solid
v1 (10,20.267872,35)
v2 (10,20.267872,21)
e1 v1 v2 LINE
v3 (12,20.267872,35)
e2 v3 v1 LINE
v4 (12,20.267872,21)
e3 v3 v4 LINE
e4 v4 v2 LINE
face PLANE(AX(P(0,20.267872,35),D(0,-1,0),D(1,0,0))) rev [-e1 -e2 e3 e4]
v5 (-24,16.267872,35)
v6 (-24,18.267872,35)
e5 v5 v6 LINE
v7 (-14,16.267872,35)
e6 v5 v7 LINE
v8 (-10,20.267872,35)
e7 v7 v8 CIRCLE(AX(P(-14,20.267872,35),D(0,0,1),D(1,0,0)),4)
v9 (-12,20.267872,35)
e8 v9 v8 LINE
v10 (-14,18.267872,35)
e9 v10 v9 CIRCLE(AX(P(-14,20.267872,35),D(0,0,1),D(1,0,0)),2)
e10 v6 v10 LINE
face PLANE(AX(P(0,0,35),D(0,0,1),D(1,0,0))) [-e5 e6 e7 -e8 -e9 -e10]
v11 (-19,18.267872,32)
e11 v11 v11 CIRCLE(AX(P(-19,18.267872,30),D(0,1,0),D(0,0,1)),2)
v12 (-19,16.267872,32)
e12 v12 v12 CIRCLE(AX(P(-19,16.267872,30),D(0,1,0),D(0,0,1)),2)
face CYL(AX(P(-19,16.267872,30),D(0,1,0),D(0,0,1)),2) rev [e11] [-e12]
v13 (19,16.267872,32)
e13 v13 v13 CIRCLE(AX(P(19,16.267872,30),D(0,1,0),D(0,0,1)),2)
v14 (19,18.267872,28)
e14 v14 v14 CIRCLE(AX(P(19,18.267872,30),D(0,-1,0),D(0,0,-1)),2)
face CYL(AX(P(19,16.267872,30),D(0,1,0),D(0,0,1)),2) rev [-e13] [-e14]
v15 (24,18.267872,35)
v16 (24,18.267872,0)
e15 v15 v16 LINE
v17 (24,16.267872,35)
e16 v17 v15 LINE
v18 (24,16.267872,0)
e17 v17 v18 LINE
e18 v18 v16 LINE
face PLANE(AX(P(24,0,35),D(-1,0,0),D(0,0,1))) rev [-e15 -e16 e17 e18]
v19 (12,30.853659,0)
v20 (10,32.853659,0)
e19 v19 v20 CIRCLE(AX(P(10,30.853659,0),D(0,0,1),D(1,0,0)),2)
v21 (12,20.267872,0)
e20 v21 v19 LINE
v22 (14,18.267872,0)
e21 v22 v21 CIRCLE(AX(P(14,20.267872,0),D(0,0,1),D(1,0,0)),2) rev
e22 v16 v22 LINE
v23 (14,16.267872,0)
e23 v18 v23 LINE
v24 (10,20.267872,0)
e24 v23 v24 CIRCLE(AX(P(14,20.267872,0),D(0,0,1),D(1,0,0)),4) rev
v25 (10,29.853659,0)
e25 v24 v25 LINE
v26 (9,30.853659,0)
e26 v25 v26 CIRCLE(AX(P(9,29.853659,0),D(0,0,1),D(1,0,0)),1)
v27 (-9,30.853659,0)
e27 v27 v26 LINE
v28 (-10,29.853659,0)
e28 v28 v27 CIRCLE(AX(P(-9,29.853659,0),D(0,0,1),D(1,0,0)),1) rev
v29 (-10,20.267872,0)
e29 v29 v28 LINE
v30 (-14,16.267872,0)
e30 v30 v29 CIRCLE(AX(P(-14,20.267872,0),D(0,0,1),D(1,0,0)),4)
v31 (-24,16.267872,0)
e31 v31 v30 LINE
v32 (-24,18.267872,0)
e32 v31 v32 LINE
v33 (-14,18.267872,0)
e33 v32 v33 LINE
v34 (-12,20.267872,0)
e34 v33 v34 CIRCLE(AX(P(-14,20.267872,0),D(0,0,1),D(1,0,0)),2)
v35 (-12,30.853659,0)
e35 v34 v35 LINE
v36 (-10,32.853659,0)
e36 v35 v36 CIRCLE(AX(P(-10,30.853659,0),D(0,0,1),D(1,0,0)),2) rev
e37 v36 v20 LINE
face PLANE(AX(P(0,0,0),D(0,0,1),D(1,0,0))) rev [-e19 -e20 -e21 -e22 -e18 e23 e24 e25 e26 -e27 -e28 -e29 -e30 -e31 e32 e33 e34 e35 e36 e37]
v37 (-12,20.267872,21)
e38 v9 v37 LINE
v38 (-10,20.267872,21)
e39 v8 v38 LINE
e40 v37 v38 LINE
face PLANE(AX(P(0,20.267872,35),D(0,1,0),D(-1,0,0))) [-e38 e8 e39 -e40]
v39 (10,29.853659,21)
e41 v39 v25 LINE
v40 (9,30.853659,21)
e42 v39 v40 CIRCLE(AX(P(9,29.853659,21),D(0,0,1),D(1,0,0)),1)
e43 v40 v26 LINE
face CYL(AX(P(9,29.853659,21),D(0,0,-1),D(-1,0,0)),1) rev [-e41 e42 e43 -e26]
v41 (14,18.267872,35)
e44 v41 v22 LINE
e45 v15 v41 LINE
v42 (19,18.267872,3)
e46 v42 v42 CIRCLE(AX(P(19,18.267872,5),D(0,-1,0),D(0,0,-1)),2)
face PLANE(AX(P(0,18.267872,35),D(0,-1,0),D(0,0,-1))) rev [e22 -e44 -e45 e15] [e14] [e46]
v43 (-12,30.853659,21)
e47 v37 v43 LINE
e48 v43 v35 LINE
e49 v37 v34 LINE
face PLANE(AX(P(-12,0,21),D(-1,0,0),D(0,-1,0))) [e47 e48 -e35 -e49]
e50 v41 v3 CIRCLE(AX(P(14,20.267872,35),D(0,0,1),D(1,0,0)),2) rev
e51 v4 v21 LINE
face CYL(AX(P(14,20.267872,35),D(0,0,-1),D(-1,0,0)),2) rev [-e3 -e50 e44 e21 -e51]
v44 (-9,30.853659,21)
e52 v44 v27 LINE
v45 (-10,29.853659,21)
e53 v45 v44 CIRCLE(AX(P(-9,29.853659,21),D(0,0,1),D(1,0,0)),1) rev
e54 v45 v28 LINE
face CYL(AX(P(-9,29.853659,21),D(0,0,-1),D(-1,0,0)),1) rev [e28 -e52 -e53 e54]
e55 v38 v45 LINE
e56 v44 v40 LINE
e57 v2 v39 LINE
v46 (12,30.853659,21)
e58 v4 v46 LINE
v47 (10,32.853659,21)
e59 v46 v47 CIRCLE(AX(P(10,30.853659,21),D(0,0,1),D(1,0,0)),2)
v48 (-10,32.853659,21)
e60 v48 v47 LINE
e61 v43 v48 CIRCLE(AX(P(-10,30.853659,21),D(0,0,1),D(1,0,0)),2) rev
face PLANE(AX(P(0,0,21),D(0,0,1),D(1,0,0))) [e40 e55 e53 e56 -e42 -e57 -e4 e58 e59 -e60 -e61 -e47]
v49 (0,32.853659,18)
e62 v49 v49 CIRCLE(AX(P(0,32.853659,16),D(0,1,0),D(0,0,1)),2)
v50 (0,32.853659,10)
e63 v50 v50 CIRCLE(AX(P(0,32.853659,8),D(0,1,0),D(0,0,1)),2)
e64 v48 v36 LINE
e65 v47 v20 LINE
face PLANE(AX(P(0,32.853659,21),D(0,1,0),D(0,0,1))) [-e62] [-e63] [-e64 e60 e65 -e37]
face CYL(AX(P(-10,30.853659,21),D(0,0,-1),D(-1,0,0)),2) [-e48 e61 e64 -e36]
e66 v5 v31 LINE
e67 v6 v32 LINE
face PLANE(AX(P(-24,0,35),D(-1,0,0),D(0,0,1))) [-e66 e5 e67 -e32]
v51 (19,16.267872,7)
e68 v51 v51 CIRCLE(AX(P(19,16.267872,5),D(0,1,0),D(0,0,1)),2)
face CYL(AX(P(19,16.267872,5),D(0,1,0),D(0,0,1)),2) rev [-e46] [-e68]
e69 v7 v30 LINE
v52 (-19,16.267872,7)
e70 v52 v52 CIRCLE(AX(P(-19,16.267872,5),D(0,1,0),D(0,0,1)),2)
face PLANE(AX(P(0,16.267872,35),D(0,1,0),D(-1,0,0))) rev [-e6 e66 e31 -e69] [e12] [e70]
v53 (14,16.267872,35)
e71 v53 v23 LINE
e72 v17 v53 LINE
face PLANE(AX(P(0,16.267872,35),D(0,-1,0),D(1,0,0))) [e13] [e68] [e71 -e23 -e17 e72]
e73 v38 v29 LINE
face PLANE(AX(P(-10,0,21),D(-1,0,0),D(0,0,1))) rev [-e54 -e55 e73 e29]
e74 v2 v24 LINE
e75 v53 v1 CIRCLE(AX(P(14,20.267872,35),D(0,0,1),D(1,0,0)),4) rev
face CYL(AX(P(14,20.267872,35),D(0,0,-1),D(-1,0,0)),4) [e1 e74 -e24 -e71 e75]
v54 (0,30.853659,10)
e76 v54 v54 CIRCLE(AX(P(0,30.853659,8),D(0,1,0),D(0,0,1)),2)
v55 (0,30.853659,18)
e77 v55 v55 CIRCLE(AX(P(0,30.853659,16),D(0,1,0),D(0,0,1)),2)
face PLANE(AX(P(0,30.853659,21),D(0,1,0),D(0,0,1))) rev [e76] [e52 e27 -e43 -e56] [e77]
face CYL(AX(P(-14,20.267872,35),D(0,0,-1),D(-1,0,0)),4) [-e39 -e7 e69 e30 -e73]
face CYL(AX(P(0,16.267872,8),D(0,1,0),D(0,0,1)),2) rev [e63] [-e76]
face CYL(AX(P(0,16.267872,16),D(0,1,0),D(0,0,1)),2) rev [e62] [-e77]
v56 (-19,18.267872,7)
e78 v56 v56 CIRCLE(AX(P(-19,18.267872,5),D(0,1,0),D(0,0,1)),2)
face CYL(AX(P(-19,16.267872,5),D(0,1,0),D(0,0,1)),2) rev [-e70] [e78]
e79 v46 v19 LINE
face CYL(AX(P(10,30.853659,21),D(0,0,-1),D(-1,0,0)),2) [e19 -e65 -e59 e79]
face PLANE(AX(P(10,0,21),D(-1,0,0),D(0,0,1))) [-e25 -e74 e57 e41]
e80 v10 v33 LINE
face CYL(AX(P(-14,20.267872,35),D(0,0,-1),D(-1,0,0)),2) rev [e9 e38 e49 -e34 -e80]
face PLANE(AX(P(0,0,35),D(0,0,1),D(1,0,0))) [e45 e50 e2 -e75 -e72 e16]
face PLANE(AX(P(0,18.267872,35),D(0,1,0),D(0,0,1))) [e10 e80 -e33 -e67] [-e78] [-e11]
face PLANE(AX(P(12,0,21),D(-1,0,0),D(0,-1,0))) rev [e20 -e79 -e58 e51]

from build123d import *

# Parameters (mm, degrees)
BOSS_EXTRUDE1_DEPTH   = 35
BOSS_EXTRUDE1_2_DEPTH = 35
BOSS_EXTRUDE2_DEPTH   = 21
SKETCH3_R             = 2
CUT_EXTRUDE1_DEPTH    = 46.564112103


with BuildPart() as part:
    # Sketch2 → Boss-Extrude1 (new body)
    with BuildSketch(Plane.XY):
        with BuildLine():
            Line((-24, 18.267872099), (-24, 16.267872099))
            Line((-24, 16.267872099), (-14, 16.267872099))
            ThreePointArc((-14, 16.267872099), (-11.171572875, 17.439444974), (-10, 20.267872099))
            Line((-10, 20.267872099), (-12, 20.267872099))
            ThreePointArc((-12, 20.267872099), (-12.585786438, 18.853658537), (-14, 18.267872099))
            Line((-14, 18.267872099), (-24, 18.267872099))
        make_face()
    extrude(amount=BOSS_EXTRUDE1_DEPTH)



with BuildPart() as body_2:
    # Sketch2 → Boss-Extrude1 2 (new body)
    with BuildSketch(Plane.XY):
        with BuildLine():
            Line((12, 20.267872099), (10, 20.267872099))
            ThreePointArc((10, 20.267872099), (11.171572875, 17.439444974), (14, 16.267872099))
            Line((14, 16.267872099), (24, 16.267872099))
            Line((24, 16.267872099), (24, 18.267872099))
            Line((24, 18.267872099), (14, 18.267872099))
            ThreePointArc((14, 18.267872099), (12.585786438, 18.853658537), (12, 20.267872099))
        make_face()
    extrude(amount=BOSS_EXTRUDE1_2_DEPTH)


with BuildPart() as part_1:
    add(part.part)

    add(body_2.part)  # Boss-Extrude2 merges body 2
    # Sketch2<3> → Boss-Extrude2 (add)
    with BuildSketch(Plane.XY):
        with BuildLine():
            Line((-12, 20.267872099), (-10, 20.267872099))
            Line((-10, 20.267872099), (-10, 29.853658537))
            ThreePointArc((-10, 29.853658537), (-9.707106781, 30.560765318), (-9, 30.853658537))
            Line((-9, 30.853658537), (9, 30.853658537))
            ThreePointArc((9, 30.853658537), (9.707106781, 30.560765318), (10, 29.853658537))
            Line((10, 29.853658537), (10, 20.267872099))
            Line((10, 20.267872099), (12, 20.267872099))
            Line((12, 20.267872099), (12, 30.853658537))
            ThreePointArc((12, 30.853658537), (11.414213562, 32.267872099), (10, 32.853658537))
            Line((10, 32.853658537), (-10, 32.853658537))
            ThreePointArc((-10, 32.853658537), (-11.414213562, 32.267872099), (-12, 30.853658537))
            Line((-12, 30.853658537), (-12, 20.267872099))
        make_face()
    extrude(amount=BOSS_EXTRUDE2_DEPTH)

    # Sketch3 → Cut-Extrude1 (cut, through all)
    with BuildSketch(Plane(origin=(0, 32.853658537, 0), x_dir=(1, 0, 0), z_dir=(0, 1, 0))):
        with Locations((0, -8)):
            Circle(SKETCH3_R)
        with Locations((0, -16)):
            Circle(SKETCH3_R)
        with Locations((-19, -5)):
            Circle(SKETCH3_R)
        with Locations((-19, -30)):
            Circle(SKETCH3_R)
        with Locations((19, -5)):
            Circle(SKETCH3_R)
        with Locations((19, -30)):
            Circle(SKETCH3_R)
    extrude(amount=-CUT_EXTRUDE1_DEPTH, mode=Mode.SUBTRACT)


solid = part_1.part
